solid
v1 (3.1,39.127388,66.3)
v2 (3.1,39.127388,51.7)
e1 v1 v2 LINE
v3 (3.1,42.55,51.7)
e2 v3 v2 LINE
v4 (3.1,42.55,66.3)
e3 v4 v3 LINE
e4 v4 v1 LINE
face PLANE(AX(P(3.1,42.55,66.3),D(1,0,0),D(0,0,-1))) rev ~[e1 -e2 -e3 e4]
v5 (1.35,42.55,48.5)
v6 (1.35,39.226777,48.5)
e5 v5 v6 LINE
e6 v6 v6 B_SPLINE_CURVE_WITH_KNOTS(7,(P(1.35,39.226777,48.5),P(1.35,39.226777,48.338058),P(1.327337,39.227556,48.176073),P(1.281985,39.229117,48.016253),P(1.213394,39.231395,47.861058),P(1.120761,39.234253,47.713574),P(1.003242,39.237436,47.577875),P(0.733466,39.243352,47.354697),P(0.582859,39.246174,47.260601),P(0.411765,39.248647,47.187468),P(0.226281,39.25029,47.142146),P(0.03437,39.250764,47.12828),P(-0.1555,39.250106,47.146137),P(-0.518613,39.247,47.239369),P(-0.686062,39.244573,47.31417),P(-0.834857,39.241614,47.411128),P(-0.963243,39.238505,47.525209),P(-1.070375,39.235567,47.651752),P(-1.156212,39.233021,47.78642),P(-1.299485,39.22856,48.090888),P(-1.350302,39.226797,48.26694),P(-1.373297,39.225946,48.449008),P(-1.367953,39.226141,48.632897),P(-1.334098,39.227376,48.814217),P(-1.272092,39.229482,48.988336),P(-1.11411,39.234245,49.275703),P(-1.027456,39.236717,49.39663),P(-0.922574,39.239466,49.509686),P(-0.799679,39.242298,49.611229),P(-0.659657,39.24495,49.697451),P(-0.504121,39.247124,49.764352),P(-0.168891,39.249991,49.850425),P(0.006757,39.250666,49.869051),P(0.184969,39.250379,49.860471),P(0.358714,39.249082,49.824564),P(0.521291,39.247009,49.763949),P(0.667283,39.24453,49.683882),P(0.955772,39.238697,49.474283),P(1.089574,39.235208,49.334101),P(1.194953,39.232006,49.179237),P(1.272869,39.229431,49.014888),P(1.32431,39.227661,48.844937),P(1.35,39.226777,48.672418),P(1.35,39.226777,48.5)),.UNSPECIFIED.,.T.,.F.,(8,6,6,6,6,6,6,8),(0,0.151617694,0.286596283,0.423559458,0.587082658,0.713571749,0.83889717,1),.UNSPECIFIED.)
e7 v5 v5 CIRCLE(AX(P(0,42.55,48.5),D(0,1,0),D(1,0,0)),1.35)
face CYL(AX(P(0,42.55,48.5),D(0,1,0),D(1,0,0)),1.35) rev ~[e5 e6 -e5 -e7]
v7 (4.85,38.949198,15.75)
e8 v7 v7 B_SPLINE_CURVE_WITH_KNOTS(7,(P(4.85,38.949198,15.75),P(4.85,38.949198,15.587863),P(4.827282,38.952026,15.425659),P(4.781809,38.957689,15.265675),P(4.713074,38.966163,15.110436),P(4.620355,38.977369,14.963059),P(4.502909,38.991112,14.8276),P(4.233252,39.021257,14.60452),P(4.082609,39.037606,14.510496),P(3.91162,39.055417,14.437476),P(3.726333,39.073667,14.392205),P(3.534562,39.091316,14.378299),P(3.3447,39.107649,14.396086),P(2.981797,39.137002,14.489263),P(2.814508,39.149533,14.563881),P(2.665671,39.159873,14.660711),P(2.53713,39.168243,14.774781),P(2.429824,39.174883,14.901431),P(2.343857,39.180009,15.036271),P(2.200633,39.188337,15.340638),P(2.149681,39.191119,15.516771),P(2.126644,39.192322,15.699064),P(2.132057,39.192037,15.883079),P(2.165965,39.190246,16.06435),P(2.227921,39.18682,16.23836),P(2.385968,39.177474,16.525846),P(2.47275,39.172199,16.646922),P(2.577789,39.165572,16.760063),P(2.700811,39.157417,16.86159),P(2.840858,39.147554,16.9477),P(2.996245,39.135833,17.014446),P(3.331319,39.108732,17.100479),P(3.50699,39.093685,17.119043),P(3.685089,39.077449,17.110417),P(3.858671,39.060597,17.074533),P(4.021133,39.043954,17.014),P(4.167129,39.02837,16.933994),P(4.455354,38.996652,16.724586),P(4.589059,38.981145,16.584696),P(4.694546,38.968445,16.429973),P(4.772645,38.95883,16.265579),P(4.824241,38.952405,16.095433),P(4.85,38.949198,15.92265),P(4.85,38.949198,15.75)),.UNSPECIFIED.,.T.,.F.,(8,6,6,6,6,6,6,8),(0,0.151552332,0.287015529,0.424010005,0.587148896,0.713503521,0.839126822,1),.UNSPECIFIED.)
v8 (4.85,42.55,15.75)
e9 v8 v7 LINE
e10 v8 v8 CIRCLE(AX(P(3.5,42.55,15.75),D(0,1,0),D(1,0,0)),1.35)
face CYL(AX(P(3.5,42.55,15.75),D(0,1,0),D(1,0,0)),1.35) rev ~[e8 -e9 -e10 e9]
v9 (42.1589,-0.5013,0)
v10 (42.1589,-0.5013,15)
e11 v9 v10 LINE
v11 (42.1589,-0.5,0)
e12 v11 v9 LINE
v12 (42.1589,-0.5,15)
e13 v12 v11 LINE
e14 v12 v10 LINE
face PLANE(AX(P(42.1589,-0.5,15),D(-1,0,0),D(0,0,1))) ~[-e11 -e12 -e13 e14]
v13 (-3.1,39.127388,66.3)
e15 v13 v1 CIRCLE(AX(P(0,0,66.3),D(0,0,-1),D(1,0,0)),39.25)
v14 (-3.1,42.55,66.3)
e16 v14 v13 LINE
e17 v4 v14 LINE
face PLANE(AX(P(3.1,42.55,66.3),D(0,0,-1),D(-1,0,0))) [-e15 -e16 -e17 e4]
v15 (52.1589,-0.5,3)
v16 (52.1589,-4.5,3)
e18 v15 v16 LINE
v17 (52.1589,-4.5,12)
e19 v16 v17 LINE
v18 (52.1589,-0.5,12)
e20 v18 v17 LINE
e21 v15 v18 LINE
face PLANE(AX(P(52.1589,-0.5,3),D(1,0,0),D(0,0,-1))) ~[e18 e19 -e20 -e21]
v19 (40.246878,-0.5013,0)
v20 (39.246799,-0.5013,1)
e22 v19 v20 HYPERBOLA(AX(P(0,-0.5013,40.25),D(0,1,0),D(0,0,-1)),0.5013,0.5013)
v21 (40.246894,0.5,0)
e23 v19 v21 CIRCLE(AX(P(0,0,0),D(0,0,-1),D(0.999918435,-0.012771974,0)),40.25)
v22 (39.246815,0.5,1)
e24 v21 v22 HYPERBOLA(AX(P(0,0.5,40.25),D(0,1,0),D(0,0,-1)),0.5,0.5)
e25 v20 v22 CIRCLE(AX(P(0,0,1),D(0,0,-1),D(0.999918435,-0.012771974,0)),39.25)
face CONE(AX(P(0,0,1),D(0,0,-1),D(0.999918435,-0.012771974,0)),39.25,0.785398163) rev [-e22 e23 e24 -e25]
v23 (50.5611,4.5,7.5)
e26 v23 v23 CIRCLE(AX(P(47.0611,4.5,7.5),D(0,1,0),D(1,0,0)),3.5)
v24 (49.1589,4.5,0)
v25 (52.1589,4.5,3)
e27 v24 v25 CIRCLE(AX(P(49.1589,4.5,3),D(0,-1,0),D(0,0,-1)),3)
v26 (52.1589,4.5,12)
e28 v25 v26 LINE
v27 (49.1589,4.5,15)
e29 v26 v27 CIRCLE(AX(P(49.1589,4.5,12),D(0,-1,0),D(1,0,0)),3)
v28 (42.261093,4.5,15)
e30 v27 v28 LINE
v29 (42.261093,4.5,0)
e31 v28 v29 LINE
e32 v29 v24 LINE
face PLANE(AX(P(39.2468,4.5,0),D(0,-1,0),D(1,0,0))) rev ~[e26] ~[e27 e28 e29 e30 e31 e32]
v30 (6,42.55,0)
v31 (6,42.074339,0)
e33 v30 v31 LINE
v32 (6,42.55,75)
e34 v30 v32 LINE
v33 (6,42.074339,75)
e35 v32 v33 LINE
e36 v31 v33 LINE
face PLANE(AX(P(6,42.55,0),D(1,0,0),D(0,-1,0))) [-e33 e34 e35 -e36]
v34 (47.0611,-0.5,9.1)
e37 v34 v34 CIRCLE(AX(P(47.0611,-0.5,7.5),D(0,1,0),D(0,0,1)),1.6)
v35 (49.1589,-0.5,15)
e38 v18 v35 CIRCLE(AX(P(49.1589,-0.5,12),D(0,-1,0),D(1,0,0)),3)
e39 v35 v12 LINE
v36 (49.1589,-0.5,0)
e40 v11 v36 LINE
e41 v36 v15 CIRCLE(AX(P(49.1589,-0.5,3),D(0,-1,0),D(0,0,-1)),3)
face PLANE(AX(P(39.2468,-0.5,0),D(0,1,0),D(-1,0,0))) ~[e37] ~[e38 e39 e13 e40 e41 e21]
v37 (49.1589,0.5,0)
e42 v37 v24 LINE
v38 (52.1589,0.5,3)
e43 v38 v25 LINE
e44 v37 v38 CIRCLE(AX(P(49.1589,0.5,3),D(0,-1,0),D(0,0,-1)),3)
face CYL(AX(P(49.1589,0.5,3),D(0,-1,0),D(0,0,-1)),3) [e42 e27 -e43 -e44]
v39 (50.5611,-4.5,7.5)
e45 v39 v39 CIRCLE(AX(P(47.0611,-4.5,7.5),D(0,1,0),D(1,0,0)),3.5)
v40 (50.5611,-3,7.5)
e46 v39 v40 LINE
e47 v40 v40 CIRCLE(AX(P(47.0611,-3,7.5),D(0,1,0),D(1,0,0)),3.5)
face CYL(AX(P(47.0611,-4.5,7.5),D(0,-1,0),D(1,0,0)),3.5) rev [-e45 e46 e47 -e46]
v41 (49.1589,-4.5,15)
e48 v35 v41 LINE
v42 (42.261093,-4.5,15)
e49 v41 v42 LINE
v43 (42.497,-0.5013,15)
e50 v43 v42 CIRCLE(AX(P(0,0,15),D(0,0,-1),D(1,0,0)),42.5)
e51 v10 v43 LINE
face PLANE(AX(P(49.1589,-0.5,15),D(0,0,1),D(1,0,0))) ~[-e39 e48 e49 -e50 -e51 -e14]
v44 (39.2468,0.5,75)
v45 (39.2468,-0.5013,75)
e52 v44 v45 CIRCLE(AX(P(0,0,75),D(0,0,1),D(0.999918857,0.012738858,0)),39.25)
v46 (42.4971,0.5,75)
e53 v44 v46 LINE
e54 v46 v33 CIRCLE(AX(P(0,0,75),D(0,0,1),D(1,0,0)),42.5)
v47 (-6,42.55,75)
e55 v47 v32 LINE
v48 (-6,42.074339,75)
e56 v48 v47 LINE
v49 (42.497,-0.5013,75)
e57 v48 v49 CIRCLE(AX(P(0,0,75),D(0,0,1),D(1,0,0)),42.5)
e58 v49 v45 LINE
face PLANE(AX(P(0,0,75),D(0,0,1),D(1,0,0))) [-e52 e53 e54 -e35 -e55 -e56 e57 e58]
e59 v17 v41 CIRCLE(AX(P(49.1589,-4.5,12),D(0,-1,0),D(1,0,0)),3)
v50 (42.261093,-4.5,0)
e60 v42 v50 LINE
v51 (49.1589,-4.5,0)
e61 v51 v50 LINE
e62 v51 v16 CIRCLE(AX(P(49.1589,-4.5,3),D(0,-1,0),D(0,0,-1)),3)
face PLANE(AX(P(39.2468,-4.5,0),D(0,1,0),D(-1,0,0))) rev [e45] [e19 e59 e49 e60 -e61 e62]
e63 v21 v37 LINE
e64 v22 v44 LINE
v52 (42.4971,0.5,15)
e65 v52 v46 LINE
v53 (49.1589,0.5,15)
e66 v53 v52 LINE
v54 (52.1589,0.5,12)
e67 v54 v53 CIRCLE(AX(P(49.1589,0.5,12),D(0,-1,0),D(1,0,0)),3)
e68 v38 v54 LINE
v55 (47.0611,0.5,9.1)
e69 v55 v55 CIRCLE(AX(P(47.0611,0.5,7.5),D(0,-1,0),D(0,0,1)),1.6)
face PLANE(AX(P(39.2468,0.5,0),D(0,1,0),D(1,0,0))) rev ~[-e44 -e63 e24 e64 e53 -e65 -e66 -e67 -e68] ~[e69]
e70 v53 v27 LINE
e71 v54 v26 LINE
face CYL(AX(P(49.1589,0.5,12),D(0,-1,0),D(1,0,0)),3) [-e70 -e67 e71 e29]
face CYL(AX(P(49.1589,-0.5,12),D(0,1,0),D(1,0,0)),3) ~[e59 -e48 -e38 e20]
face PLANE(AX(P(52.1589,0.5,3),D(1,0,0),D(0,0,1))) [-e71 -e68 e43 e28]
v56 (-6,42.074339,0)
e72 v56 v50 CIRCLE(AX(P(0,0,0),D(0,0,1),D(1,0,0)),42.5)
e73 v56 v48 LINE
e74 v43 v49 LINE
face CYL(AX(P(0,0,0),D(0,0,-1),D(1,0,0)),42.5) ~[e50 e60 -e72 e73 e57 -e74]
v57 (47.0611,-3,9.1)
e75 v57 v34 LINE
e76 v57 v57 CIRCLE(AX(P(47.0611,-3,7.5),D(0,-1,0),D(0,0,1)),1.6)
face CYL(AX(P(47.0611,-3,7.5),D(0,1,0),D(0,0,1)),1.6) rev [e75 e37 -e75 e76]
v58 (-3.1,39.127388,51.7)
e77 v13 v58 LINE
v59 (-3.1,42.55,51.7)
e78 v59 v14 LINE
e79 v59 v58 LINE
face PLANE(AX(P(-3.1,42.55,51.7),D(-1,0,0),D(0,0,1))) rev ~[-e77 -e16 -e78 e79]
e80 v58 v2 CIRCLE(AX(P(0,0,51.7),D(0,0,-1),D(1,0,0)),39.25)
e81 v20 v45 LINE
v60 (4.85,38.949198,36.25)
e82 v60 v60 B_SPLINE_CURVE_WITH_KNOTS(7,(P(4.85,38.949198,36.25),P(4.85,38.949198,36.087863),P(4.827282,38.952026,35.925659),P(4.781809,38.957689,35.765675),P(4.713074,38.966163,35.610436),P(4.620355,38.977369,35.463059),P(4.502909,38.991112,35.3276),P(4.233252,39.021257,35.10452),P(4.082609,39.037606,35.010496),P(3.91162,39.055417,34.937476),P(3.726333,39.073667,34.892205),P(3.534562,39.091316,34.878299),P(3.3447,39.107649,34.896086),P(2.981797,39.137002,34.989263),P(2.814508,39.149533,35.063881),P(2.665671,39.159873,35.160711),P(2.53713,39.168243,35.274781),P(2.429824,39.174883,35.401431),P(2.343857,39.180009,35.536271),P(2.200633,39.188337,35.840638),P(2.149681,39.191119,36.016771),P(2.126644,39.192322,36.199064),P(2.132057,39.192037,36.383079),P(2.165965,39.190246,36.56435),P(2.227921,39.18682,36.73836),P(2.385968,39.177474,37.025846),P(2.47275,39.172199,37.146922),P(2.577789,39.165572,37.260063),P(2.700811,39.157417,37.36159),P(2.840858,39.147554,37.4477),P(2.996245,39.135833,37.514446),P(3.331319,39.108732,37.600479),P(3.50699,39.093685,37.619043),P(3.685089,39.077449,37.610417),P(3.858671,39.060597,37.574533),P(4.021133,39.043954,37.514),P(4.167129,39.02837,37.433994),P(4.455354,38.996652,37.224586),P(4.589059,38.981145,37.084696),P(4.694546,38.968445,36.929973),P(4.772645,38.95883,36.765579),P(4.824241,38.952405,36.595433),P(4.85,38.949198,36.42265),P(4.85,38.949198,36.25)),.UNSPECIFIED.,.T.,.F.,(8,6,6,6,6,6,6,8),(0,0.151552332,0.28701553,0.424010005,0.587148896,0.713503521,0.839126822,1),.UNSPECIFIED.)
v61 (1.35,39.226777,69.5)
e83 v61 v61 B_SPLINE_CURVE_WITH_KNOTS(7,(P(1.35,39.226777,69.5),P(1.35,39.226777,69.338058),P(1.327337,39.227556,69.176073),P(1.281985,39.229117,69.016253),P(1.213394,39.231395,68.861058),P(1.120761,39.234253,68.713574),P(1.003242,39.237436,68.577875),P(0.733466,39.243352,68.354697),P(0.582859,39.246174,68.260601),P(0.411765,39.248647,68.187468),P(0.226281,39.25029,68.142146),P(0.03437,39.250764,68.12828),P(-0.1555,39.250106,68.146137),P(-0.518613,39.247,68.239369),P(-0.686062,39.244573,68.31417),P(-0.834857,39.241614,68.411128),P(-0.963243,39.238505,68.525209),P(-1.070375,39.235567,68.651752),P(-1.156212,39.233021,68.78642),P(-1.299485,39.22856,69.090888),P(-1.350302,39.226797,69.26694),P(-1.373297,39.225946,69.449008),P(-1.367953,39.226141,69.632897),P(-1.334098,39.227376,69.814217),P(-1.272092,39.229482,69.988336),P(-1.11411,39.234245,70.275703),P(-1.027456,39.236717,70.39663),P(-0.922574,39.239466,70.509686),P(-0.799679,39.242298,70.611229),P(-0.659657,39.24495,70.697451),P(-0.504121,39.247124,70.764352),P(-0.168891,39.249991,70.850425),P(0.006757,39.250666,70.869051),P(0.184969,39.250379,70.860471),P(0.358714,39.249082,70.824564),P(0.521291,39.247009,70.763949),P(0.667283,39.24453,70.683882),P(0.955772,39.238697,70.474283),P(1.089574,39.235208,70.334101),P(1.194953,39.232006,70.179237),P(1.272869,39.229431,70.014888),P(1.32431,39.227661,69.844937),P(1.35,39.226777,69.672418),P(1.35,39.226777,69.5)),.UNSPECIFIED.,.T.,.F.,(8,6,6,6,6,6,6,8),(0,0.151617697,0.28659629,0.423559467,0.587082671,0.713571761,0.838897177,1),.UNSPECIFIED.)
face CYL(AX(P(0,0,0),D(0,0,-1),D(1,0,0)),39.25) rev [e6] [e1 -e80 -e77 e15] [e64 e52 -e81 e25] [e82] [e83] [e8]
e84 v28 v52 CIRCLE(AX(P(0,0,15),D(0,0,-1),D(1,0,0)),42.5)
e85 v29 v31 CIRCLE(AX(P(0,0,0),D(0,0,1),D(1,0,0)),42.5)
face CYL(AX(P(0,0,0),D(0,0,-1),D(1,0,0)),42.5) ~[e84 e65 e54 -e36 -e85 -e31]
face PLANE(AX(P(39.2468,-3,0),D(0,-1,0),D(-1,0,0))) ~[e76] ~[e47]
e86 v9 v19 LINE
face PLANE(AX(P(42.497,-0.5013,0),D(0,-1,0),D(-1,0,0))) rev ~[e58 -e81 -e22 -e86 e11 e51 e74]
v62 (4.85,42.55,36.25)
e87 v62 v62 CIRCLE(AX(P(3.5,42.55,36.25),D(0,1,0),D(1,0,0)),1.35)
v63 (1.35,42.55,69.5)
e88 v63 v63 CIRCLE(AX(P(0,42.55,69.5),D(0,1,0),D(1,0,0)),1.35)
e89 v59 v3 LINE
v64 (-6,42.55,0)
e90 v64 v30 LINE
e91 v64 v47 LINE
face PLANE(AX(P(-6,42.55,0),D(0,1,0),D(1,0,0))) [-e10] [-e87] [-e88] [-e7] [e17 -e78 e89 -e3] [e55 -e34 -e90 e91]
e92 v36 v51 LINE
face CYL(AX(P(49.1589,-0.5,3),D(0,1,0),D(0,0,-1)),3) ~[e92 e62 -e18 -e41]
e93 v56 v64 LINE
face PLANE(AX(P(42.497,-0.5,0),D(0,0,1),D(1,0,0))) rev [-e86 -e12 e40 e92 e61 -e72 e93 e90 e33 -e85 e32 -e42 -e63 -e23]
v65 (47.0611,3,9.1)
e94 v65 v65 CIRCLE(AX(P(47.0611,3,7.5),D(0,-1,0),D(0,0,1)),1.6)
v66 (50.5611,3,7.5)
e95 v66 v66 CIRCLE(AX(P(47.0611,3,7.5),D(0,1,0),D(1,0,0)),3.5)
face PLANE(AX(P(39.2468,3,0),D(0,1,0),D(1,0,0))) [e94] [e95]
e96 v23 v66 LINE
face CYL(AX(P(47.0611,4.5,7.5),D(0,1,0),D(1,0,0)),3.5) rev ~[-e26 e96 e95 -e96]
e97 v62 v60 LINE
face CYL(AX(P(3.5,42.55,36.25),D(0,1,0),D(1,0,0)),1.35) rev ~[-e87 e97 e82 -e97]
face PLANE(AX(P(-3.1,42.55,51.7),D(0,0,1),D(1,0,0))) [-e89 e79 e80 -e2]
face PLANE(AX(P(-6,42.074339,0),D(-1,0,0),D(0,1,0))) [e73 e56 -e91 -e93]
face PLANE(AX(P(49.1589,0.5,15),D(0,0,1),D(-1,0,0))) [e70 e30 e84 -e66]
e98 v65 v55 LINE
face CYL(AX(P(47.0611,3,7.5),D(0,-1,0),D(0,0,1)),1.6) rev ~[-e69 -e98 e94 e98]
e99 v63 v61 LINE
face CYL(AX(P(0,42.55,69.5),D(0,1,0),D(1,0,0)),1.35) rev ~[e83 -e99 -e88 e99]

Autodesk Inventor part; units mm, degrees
ref_plane "YZ Plane" through (0, 0, 0) normal (1, 0, 0) x (0, 1, 0)
ref_plane "XZ Plane" through (0, 0, 0) normal (0, 1, 0) x (-1, 0, 0)
ref_plane "XY Plane" through (0, 0, 0) normal (0, 0, 1) x (1, 0, 0)
sketch "Sketch1" plane through (0, 0, 0) normal (0, 0, 1) x (1, 0, 0)
  circle A0 centre (0, 0) radius 39.25
  circle A1 centre (0, 0) radius 42.5
  line L0 (39.2468, 0.5) -> (42.4971, 0.5)
  line L1 (44.2943, 0.5) -> (44.2943, -0.5)
  line L2 (42.497, -0.5013) -> (39.2468, -0.5013)
  line L3 (38.2943, -0.5) -> (38.2943, 0.5)
  line L4 (-6, 42.55) -> (6, 42.55)
  line L5 (6, 42.55) -> (6, 38.73)
  line L6 (6, 38.73) -> (-6, 38.73)
  line L7 (-6, 38.73) -> (-6, 42.55)
  point P0 (-6, 42.0743)
  point P1 (6, 42.0743)
  dimension "d0" = 78.5
  dimension "d1" = 85
  dimension "d2" = 6
  dimension "d3" = 1
  dimension "d4" = 0.5
  dimension "d7" = 12
  dimension "d8" = 6
  dimension "d9" = 42.55
extrude "Extrusion1" add sketch "Sketch1" along normal blind 75 contours A0 L5 A1 L0 | L2 A1 L7 A0 | A0 L7 A1 L5 | A1 L7 L4 L5
sketch "Sketch3" plane through (39.2468, 0.5, 0) normal (0, -1, 0) x (1, 0, 0)
  line L0 (3.2502, 0) -> (-33.2468, 0) projected
  line L1 (2.9121, 0) -> (9.9121, 0)
  line L2 (12.9121, 3) -> (12.9121, 12)
  line L3 (9.9121, 15) -> (2.9121, 15)
  line L4 (2.9121, 15) -> (2.9121, 0)
  arc A0 (12.9121, 12) -> (9.9121, 15) centre (9.9121, 12) ccw
  arc A1 (9.9121, 0) -> (12.9121, 3) centre (9.9121, 3) ccw
  point P0 (-39.2468, 0)
  point P1 (12.9121, 15)
  point P2 (12.9121, 0)
  dimension "d10" = 10
  dimension "d11" = 15
  dimension "d12" = 3
extrude "Extrusion2" add sketch "Sketch3" against normal blind 4
sketch "Sketch4" plane through (39.2468, 4.5, 0) normal (0, 1, 0) x (1, 0, 0)
  circle A0 centre (7.8143, -7.5) radius 3.5
  line L0 (9.9121, 0) -> (3.0143, 0) projected
  line L1 (3.0143, -15) -> (3.0143, 0) projected
  point P0 (-39.2468, 0)
  point P1 (3.0143, -7.5)
  dimension "d15" = 7
  dimension "d16" = 7.5
  dimension "d17" = 4.8
extrude "Extrusion3" cut sketch "Sketch4" against normal blind 1.5
sketch "Sketch5" plane through (47.0611, 3, 7.5) normal (0, 1, 0) x (1, 0, 0)
  circle A0 centre (0, 0) radius 3.5 projected
  point P0 (-47.0611, 7.5)
hole "Hole1" at (47.0611, 3, 7.5) direction (0, -1, 0) diameter 3.2 end through all
mirror "Mirror1" about plane through (0, 0, 0) normal (0, 1, 0) of "Extrusion2", "Extrusion3", "Hole1"
sketch "Sketch6" plane through (-6, 42.55, 0) normal (0, 1, 0) x (1, 0, 0)
  line L0 (0, 0) -> (0, -75) projected
  line L1 (12, 0) -> (12, -75) projected
  line L2 (0, -13) -> (12, -13)
  line L3 (12, -13) -> (12, -39)
  line L4 (12, -39) -> (0, -39)
  line L5 (0, -39) -> (0, -13)
  circle A0 centre (9.5, -15.75) radius 1.35
  circle A1 centre (9.5, -36.25) radius 1.35
  line L6 (12, 0) -> (0, 0) projected
  line L7 (2.9, -72) -> (9.1, -72)
  line L8 (9.1, -72) -> (9.1, -46)
  line L9 (9.1, -46) -> (2.9, -46)
  line L10 (2.9, -46) -> (2.9, -72)
  line L11 (12, -75) -> (0, -75) projected
  circle A2 centre (6, -69.5) radius 1.35
  circle A3 centre (6, -48.5) radius 1.35
  line L12 (2.9, -51.7) -> (9.1, -51.7)
  line L13 (9.1, -51.7) -> (9.1, -66.3)
  line L14 (9.1, -66.3) -> (2.9, -66.3)
  line L15 (2.9, -66.3) -> (2.9, -51.7)
  point P0 (6, 0)
  point P1 (6, -46)
  point P2 (2.9, -66.3)
  point P3 (9.1, -51.7)
  dimension "d27" = 26
  dimension "d28" = 2.7
  dimension "d29" = 2.7
  dimension "d30" = 2.75
  dimension "d31" = 2.5
  dimension "d32" = 2.5
  dimension "d33" = 2.75
  dimension "d34" = 13
  dimension "d35" = 6.2
  dimension "d36" = 26
  dimension "d37" = 2.9
  dimension "d38" = 3
  dimension "d39" = 2.7
  dimension "d40" = 2.7
  dimension "d41" = 2.5
  dimension "d42" = 2.5
  dimension "d43" = 3.1
  dimension "d44" = 3.1
  dimension "d47" = 14.6
  dimension "d48" = 5.7
extrude "Extrusion4" cut sketch "Sketch6" against normal blind 6 contours A0 | A1 | L10 L12 L8 L14 | A2 | A3
chamfer "Chamfer1" distance 1 angle 45 1 edges at (-39.25, 0.0006, 0)
equation "\"d8\" = 0.5 * d7"
equation "\"d29\" = d28"
equation "\"d32\" = d31"
equation "\"d33\" = d30"
equation "\"d40\" = d39"
equation "\"d41\" = d42"
equation "\"d44\" = d43"
properties part number "sensor_adapter"
